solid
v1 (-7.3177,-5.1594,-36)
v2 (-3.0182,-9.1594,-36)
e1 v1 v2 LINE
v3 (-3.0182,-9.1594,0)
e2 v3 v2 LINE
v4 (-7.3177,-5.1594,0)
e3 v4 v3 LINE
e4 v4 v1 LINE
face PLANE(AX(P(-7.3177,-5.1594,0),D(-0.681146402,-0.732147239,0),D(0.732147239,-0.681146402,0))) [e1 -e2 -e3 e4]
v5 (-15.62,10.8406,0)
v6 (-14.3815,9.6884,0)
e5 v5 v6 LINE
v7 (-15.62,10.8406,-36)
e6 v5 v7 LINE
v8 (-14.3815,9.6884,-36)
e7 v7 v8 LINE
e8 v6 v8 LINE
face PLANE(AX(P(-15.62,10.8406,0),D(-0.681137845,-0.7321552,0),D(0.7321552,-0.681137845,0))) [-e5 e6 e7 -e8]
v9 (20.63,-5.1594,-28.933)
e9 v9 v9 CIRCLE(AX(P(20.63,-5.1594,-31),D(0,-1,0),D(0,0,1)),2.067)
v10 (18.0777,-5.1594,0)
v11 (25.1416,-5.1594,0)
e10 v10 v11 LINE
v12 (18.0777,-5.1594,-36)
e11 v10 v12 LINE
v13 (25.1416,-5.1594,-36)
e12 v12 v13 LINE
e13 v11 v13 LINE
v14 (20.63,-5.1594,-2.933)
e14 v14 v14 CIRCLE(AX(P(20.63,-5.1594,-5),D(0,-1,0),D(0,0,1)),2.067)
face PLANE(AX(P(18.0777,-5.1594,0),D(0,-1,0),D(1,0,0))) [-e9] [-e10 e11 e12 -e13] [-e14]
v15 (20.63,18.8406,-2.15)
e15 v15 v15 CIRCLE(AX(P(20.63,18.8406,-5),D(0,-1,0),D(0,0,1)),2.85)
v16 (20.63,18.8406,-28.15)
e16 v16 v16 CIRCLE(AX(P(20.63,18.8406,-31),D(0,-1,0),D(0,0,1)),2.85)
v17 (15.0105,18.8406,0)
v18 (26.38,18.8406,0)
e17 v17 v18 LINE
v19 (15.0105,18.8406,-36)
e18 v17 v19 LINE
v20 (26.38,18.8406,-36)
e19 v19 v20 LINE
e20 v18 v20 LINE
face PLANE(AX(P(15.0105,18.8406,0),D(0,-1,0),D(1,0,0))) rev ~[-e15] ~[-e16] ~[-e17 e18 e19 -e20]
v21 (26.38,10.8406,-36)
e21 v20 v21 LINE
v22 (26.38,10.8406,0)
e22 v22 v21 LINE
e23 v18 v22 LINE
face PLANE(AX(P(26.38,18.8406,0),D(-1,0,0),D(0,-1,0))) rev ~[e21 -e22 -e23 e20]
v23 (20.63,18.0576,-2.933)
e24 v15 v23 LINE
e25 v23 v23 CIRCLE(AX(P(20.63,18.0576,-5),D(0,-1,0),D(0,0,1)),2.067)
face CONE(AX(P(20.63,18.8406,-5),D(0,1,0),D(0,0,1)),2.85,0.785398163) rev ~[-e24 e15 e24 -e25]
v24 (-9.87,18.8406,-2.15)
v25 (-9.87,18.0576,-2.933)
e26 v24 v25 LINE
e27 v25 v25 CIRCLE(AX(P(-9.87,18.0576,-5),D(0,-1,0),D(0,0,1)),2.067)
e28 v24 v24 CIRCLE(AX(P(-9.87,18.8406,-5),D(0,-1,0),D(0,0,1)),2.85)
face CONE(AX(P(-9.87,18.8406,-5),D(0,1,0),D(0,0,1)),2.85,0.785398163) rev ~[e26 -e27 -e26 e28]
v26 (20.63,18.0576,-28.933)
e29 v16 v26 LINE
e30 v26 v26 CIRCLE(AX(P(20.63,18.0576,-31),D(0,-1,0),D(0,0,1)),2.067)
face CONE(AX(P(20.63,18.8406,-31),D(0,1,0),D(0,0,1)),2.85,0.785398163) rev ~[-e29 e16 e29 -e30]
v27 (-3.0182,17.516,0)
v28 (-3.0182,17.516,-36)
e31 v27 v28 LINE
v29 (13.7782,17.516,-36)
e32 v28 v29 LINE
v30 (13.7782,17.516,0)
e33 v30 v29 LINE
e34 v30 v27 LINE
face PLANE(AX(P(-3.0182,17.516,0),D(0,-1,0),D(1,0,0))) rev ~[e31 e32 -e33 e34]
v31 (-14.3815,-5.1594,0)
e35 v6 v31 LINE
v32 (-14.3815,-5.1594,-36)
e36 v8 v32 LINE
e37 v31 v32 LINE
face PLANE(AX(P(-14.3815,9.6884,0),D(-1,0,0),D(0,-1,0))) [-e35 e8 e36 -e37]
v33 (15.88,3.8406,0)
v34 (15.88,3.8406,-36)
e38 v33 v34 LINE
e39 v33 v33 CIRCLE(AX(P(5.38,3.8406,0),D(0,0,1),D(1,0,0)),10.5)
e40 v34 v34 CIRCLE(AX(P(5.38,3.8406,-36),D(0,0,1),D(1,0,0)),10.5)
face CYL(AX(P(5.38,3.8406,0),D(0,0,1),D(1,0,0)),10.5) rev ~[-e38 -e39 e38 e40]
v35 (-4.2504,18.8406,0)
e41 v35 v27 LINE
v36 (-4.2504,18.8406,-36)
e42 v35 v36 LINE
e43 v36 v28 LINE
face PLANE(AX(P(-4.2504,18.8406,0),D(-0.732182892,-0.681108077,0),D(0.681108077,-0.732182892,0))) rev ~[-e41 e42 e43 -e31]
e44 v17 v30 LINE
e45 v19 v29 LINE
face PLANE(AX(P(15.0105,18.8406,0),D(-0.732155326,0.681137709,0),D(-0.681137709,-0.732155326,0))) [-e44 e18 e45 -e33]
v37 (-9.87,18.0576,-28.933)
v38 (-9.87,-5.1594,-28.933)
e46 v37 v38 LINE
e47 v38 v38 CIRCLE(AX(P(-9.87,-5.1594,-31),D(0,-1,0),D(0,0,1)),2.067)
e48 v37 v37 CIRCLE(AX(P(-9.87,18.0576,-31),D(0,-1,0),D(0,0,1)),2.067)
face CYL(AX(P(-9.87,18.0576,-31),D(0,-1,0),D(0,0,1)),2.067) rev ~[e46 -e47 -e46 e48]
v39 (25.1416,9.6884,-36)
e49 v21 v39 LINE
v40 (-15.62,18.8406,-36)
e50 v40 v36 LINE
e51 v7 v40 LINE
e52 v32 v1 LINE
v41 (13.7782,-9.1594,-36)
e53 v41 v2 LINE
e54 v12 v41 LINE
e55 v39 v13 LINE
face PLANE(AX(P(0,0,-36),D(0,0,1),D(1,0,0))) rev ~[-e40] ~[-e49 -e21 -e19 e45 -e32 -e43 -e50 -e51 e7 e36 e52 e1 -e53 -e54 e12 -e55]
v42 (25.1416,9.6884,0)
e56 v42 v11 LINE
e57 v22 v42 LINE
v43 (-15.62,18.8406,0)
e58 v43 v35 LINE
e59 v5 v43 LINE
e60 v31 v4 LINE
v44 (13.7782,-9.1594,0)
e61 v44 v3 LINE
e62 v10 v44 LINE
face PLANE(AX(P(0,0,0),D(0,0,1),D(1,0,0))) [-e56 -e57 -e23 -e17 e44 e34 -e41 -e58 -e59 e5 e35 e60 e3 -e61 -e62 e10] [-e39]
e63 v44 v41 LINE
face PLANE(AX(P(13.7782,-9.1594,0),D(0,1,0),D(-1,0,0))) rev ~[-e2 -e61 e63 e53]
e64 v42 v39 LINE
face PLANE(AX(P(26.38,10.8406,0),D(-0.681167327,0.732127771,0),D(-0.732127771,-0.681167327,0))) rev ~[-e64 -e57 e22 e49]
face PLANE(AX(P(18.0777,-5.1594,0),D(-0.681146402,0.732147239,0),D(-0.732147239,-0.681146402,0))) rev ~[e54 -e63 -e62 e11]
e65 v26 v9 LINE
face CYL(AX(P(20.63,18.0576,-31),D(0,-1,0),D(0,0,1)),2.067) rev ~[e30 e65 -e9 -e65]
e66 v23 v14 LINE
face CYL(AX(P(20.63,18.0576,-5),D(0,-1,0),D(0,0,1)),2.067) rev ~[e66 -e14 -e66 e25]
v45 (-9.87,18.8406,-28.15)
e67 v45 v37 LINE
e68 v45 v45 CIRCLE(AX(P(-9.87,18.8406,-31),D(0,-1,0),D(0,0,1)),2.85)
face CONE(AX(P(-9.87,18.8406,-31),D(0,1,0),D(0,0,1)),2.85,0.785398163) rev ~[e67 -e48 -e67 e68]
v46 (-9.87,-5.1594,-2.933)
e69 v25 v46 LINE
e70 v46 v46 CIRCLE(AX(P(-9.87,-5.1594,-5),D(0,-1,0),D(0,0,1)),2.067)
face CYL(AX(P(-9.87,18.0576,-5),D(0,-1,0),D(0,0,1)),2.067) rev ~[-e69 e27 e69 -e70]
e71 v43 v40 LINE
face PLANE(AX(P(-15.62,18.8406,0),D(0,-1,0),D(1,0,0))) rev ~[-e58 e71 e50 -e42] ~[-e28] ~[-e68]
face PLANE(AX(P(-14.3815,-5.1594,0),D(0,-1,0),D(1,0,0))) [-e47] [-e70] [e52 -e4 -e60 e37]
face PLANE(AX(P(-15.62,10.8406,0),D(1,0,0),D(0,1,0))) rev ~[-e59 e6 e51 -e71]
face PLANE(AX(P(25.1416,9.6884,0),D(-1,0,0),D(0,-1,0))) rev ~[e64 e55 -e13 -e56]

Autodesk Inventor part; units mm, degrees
ref_plane "YZ Plane" through (0, 0, 0) normal (1, 0, 0) x (0, 1, 0)
ref_plane "XZ Plane" through (0, 0, 0) normal (0, 1, 0) x (-1, 0, 0)
ref_plane "XY Plane" through (0, 0, 0) normal (0, 0, 1) x (1, 0, 0)
sketch "Esboço1" plane through (0, 0, 0) normal (0, 0, 1) x (1, 0, 0)
  circle A0 centre (5.38, 3.8406) radius 10.5
  line L0 (26.38, 18.8406) -> (26.38, 10.8406)
  line L1 (-15.62, 10.8406) -> (-15.62, 18.8406)
  line L2 (5.38, 32.1996) -> (5.38, -39.9391) construction
  line L3 (-9.87, 36.7798) -> (-9.87, -36.1222) construction
  line L4 (20.63, 36.7798) -> (20.63, -36.1222) construction
  line L5 (-15.62, 10.8406) -> (-14.3815, 9.6884)
  line L6 (-14.3815, 9.6884) -> (-14.3815, -5.1594)
  line L7 (26.38, 10.8406) -> (25.1416, 9.6884)
  line L8 (25.1416, 9.6884) -> (25.1416, -5.1594)
  line L9 (-7.3177, -5.1594) -> (-1.6608, -5.1594) construction
  line L10 (-7.3177, -5.1594) -> (-3.0182, -9.1594)
  line L11 (18.0777, -5.1594) -> (13.7782, -9.1594)
  line L12 (13.7782, -9.1594) -> (-3.0182, -9.1594)
  line L13 (-4.2504, 18.8406) -> (-3.0182, 17.516)
  line L14 (-3.0182, 17.516) -> (5.38, 17.516)
  line L15 (15.0105, 18.8406) -> (13.7782, 17.516)
  line L16 (13.7782, 17.516) -> (5.38, 17.516)
  line L17 (-15.62, 18.8406) -> (-4.2504, 18.8406)
  line L18 (15.0105, 18.8406) -> (26.38, 18.8406)
  line L19 (-14.3815, -5.1594) -> (-7.3177, -5.1594)
  line L20 (18.0777, -5.1594) -> (25.1416, -5.1594)
  dimension "d15" = 21
  dimension "d16" = 42
  dimension "d19" = 21
  dimension "d21" = 15.25
  dimension "d22" = 15.25
  dimension "d31" = 8
extrude "Extrusão1" add sketch "Esboço1" against normal blind 36
sketch "Esboço2" plane through (15.0105, 18.8406, 0) normal (0, 1, 0) x (1, 0, 0)
  line L0 (15.0078, 18) -> (-43.7874, 18) construction
  line L1 (14.2178, 31) -> (-41.7561, 31) construction
  line L2 (14.2178, 5) -> (-36.0007, 5) construction
  line L3 (5.6195, 46.9459) -> (5.6195, -11.9622) construction
  line L4 (-24.8805, 46.9459) -> (-24.8805, -14.332) construction
  line L5 (-9.6305, -11.9622) -> (-9.6305, 51.9034) construction
  circle A0 centre (5.6195, 31) radius 2 construction
  circle A1 centre (5.6195, 5) radius 2 construction
  circle A2 centre (-24.8805, 31) radius 2 construction
  circle A3 centre (-24.8805, 5) radius 2 construction
  point P0 (-15.0105, 0)
  dimension "d36" = 13
  dimension "d37" = 13
  dimension "d38" = 15.25
  dimension "d39" = 15.25
  dimension "d40" = 4
  dimension "d41" = 4
  dimension "d42" = 4
  dimension "d43" = 4
hole "Furo1" at (20.63, 18.8406, -31) at (20.63, 18.8406, -5) at (-9.87, 18.8406, -5) at (-9.87, 18.8406, -31) direction (0, -1, 0) diameter 4.134 end through all countersink diameter 5.7 countersink angle 90 thread size "M5x0.8" class "6H" standard "ANSI Metric M Profile"
equation "\"d22\" = d21"
equation "\"d37\" = d36"
equation "\"d39\" = d38"
properties part number "PilowBlockFechado"
